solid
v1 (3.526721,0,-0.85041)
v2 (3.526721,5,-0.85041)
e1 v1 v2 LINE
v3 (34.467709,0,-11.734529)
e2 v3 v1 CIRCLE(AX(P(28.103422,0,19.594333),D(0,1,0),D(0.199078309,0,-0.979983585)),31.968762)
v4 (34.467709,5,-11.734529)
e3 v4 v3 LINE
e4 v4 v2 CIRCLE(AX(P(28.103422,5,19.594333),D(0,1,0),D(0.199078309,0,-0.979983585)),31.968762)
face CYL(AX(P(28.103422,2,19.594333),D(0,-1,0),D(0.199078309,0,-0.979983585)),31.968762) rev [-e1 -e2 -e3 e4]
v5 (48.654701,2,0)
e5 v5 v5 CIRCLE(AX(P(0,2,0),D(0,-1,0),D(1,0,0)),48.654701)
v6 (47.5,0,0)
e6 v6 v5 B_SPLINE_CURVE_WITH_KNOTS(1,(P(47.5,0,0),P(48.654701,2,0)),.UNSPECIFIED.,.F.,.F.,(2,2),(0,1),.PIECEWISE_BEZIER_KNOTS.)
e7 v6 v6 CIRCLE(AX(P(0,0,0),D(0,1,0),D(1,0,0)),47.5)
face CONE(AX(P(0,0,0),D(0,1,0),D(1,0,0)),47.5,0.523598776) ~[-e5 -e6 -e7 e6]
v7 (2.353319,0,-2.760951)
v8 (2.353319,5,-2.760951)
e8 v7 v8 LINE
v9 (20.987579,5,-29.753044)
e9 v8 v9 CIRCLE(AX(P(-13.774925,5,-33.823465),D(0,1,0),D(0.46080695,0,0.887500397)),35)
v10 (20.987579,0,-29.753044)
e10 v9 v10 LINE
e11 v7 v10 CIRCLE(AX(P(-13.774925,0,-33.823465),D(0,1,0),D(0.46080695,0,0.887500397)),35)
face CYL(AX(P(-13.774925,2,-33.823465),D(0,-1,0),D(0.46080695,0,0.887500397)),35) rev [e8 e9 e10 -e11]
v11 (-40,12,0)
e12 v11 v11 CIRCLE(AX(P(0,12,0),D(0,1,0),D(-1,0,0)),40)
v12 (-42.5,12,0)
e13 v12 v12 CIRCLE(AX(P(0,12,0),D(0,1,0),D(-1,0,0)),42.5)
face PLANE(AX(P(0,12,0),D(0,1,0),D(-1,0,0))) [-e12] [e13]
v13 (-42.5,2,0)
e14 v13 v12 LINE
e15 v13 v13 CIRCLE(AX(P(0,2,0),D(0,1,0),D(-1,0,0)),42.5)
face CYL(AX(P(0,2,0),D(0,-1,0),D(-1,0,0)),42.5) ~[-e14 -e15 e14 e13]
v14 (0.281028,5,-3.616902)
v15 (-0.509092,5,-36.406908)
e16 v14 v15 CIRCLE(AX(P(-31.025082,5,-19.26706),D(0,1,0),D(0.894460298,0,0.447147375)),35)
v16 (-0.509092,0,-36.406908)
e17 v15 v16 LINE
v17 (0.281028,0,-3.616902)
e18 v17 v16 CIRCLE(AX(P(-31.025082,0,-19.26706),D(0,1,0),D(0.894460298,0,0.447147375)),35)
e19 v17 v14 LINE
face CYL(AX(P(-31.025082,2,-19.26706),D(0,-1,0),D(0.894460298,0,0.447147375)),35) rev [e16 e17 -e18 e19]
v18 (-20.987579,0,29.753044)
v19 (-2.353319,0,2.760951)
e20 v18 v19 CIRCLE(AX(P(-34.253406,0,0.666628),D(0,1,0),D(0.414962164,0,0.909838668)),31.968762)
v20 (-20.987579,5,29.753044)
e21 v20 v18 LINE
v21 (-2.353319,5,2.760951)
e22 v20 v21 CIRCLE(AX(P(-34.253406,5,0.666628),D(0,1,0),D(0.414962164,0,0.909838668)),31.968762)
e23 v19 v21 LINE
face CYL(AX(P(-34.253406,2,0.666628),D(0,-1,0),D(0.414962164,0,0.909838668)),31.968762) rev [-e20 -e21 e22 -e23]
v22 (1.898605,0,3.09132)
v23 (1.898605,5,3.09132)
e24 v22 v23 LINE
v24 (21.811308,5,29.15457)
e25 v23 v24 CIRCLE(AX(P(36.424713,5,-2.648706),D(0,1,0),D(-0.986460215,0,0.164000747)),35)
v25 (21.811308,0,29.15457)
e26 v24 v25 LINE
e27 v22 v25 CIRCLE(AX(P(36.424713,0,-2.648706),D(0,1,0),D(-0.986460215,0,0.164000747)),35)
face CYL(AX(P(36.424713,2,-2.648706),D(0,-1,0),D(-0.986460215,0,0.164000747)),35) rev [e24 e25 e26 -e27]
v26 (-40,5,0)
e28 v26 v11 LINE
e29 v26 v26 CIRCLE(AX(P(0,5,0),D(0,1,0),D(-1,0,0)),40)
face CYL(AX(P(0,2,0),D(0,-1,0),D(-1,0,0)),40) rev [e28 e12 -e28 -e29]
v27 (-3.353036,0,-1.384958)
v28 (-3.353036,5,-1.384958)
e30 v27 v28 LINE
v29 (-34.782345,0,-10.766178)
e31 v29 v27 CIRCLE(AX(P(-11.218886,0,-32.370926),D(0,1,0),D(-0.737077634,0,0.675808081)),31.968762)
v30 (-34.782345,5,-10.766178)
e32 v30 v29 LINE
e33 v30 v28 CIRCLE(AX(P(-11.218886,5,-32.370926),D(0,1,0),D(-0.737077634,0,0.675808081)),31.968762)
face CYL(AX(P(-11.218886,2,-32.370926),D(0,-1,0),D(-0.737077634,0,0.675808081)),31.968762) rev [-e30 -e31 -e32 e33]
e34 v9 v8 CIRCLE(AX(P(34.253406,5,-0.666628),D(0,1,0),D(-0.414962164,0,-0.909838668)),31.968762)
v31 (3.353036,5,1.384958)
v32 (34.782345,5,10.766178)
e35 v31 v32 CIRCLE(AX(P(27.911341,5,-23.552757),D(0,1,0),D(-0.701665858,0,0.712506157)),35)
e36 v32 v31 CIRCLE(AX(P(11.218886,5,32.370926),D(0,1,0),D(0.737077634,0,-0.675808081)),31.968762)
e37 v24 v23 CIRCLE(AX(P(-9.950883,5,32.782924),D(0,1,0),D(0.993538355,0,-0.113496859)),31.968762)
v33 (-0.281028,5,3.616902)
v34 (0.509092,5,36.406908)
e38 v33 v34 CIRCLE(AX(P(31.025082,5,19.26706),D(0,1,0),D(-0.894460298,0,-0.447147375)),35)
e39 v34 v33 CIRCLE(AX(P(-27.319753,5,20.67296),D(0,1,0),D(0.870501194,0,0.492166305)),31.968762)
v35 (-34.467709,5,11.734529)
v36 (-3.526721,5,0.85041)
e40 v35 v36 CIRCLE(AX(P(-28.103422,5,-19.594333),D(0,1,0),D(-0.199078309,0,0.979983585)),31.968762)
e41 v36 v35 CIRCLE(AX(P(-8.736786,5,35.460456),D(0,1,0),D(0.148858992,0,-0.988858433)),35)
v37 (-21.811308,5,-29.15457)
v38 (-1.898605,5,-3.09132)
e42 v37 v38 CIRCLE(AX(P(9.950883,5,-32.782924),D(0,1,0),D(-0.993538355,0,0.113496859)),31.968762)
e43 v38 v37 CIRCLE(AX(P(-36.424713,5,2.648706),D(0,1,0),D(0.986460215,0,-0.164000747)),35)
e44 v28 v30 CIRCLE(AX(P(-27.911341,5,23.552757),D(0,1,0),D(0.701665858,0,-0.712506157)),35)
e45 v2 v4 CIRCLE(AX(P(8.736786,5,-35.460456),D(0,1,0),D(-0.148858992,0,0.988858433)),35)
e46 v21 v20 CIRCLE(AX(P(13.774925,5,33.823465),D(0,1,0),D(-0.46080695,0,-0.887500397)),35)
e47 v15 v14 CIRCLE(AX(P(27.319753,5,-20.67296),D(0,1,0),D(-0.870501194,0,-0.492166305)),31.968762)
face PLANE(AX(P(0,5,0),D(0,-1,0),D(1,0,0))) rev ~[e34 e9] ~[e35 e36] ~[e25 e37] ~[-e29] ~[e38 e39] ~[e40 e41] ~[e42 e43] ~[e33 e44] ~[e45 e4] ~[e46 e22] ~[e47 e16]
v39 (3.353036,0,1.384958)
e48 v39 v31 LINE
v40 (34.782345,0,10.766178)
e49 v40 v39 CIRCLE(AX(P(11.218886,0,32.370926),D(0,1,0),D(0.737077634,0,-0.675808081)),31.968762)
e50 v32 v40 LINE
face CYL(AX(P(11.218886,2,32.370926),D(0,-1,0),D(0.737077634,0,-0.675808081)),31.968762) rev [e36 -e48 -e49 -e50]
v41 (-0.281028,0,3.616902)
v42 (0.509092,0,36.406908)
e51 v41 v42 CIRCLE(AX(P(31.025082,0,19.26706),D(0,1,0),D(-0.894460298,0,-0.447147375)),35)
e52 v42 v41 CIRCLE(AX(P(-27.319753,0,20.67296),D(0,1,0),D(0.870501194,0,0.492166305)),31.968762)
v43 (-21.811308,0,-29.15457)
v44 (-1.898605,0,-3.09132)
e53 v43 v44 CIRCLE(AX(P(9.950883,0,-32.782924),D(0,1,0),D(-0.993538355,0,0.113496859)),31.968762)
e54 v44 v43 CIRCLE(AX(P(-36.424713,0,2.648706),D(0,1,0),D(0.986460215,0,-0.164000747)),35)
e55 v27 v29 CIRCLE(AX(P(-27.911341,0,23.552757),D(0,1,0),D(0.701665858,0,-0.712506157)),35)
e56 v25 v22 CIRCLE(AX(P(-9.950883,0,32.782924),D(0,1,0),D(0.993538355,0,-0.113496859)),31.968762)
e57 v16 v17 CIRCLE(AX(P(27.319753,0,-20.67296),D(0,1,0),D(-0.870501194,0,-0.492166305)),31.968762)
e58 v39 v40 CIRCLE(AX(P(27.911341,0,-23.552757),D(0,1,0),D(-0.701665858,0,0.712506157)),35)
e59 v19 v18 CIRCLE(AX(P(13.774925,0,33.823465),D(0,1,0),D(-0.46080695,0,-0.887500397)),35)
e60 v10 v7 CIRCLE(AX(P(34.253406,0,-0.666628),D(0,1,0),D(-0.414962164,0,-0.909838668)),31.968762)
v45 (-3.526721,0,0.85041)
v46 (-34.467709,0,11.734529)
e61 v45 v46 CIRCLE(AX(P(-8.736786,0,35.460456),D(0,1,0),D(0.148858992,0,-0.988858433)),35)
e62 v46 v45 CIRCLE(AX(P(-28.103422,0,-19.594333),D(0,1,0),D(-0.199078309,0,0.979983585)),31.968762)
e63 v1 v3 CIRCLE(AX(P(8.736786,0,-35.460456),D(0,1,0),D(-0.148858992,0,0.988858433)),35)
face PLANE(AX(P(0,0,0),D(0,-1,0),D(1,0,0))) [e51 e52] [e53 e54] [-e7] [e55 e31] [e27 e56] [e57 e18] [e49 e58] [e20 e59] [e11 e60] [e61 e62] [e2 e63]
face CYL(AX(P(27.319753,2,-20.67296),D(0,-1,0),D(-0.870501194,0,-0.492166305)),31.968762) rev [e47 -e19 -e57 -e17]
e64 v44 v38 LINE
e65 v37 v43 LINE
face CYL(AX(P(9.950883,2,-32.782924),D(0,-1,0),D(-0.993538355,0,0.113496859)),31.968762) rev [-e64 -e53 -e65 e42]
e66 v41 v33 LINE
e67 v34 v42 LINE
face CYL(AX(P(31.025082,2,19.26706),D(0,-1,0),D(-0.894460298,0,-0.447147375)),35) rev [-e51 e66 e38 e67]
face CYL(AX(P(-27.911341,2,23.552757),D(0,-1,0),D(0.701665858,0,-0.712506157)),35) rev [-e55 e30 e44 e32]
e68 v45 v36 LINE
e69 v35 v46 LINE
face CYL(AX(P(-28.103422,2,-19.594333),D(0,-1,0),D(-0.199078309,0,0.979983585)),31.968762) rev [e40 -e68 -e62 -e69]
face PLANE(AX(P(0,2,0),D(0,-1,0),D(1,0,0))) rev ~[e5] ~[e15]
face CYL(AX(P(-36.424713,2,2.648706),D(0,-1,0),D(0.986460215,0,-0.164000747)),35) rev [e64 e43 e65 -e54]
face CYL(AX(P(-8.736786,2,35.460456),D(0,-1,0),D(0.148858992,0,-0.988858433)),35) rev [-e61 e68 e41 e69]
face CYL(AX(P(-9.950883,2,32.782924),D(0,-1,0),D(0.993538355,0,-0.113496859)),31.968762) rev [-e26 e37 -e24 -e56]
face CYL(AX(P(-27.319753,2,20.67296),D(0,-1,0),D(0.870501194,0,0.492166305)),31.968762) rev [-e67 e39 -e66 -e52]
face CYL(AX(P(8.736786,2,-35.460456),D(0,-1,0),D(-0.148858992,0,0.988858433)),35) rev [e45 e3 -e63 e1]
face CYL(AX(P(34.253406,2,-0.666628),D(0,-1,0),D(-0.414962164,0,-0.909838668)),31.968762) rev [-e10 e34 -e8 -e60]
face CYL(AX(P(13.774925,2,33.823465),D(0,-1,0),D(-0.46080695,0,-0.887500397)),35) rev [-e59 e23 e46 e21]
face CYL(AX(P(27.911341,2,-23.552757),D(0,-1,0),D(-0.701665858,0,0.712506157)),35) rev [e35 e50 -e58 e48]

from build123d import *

# Parameters (mm, degrees)
F0_R     = 47.5
F1_DEPTH = 2
F1_TAPER = -30
F2_R     = 42.5
F2_R_2   = 40
F3_DEPTH = 10
F5_DEPTH = 25
F6_DEPTH = 3


with BuildPart() as f1:
    # F0 (on Front) → F1 (new body)
    with BuildSketch(Plane.XZ):
        Circle(F0_R)
    extrude(amount=-F1_DEPTH, taper=F1_TAPER)

    # F2 (on face) → F3 (join)
    with BuildSketch(Plane(origin=(0, 2, 0), x_dir=(-1, 0, 0), z_dir=(0, 1, 0))):
        Circle(F2_R)
        Circle(F2_R_2, mode=Mode.SUBTRACT)
    extrude(amount=F3_DEPTH)

    # F4 (on face) → F5 (cut)
    with BuildSketch(Plane(origin=(0, 2, 0), x_dir=(-1, 0, 0), z_dir=(0, 1, 0))):
        with BuildLine():
            ThreePointArc((20.9875792028, 29.753044393), (7.9449809873, 18.8289116609), (2.3533185627, 2.7609511341))
            ThreePointArc((2.3533185627, 2.7609511341), (15.0280319463, 13.9390568271), (20.9875792028, 29.753044393))
        make_face()
        with BuildLine():
            ThreePointArc((34.4677089509, 11.7345290116), (17.4949812297, 10.5629668651), (3.5267210693, 0.8504104431))
            ThreePointArc((3.5267210693, 0.8504104431), (20.3511052704, 2.4436783097), (34.4677089509, 11.7345290116))
        make_face()
        with BuildLine():
            ThreePointArc((34.7823453941, -10.7661776103), (20.3624932749, -1.7376722511), (3.3530359963, -1.3849581328))
            ThreePointArc((3.3530359963, -1.3849581328), (17.9007480898, -9.9851022645), (34.7823453941, -10.7661776103))
        make_face()
        with BuildLine():
            ThreePointArc((21.8113081051, -29.1545703139), (15.4522249847, -13.3745796286), (1.8986051383, -3.091319775))
            ThreePointArc((1.8986051383, -3.091319775), (8.612913563, -18.5999131547), (21.8113081051, -29.1545703139))
        make_face()
        with BuildLine():
            ThreePointArc((0.5090924591, -36.4069080851), (4.6397319522, -19.9028521733), (-0.2810283514, -3.6169023332))
            ThreePointArc((-0.2810283514, -3.6169023332), (-3.9647612027, -20.1101894077), (0.5090924591, -36.4069080851))
        make_face()
        with BuildLine():
            ThreePointArc((-20.9875792028, -29.753044393), (-7.9449809873, -18.8289116609), (-2.3533185627, -2.7609511341))
            ThreePointArc((-2.3533185627, -2.7609511341), (-15.0280319463, -13.9390568271), (-20.9875792028, -29.753044393))
        make_face()
        with BuildLine():
            ThreePointArc((-34.4677089509, -11.7345290116), (-17.4949812297, -10.5629668651), (-3.5267210693, -0.8504104431))
            ThreePointArc((-3.5267210693, -0.8504104431), (-20.3511052704, -2.4436783097), (-34.4677089509, -11.7345290116))
        make_face()
        with BuildLine():
            ThreePointArc((-21.8113081051, 29.1545703139), (-15.4522249847, 13.3745796286), (-1.8986051383, 3.091319775))
            ThreePointArc((-1.8986051383, 3.091319775), (-8.612913563, 18.5999131547), (-21.8113081051, 29.1545703139))
        make_face()
        with BuildLine():
            ThreePointArc((-0.5090924591, 36.4069080851), (-4.6397319522, 19.9028521733), (0.2810283514, 3.6169023332))
            ThreePointArc((0.2810283514, 3.6169023332), (3.9647612027, 20.1101894077), (-0.5090924591, 36.4069080851))
        make_face()
        with BuildLine():
            ThreePointArc((-34.7823453941, 10.7661776103), (-20.3624932749, 1.7376722511), (-3.3530359963, 1.3849581328))
            ThreePointArc((-3.3530359963, 1.3849581328), (-17.9007480898, 9.9851022645), (-34.7823453941, 10.7661776103))
        make_face()
    extrude(amount=-F5_DEPTH, mode=Mode.SUBTRACT)

    # F6 (add): a face of the model
    f6_faces = [f1.faces().sort_by_distance(p)[0] for p in [
        (0, 2, 0),
    ]]
    extrude(f6_faces, amount=F6_DEPTH)


solid = f1.part
